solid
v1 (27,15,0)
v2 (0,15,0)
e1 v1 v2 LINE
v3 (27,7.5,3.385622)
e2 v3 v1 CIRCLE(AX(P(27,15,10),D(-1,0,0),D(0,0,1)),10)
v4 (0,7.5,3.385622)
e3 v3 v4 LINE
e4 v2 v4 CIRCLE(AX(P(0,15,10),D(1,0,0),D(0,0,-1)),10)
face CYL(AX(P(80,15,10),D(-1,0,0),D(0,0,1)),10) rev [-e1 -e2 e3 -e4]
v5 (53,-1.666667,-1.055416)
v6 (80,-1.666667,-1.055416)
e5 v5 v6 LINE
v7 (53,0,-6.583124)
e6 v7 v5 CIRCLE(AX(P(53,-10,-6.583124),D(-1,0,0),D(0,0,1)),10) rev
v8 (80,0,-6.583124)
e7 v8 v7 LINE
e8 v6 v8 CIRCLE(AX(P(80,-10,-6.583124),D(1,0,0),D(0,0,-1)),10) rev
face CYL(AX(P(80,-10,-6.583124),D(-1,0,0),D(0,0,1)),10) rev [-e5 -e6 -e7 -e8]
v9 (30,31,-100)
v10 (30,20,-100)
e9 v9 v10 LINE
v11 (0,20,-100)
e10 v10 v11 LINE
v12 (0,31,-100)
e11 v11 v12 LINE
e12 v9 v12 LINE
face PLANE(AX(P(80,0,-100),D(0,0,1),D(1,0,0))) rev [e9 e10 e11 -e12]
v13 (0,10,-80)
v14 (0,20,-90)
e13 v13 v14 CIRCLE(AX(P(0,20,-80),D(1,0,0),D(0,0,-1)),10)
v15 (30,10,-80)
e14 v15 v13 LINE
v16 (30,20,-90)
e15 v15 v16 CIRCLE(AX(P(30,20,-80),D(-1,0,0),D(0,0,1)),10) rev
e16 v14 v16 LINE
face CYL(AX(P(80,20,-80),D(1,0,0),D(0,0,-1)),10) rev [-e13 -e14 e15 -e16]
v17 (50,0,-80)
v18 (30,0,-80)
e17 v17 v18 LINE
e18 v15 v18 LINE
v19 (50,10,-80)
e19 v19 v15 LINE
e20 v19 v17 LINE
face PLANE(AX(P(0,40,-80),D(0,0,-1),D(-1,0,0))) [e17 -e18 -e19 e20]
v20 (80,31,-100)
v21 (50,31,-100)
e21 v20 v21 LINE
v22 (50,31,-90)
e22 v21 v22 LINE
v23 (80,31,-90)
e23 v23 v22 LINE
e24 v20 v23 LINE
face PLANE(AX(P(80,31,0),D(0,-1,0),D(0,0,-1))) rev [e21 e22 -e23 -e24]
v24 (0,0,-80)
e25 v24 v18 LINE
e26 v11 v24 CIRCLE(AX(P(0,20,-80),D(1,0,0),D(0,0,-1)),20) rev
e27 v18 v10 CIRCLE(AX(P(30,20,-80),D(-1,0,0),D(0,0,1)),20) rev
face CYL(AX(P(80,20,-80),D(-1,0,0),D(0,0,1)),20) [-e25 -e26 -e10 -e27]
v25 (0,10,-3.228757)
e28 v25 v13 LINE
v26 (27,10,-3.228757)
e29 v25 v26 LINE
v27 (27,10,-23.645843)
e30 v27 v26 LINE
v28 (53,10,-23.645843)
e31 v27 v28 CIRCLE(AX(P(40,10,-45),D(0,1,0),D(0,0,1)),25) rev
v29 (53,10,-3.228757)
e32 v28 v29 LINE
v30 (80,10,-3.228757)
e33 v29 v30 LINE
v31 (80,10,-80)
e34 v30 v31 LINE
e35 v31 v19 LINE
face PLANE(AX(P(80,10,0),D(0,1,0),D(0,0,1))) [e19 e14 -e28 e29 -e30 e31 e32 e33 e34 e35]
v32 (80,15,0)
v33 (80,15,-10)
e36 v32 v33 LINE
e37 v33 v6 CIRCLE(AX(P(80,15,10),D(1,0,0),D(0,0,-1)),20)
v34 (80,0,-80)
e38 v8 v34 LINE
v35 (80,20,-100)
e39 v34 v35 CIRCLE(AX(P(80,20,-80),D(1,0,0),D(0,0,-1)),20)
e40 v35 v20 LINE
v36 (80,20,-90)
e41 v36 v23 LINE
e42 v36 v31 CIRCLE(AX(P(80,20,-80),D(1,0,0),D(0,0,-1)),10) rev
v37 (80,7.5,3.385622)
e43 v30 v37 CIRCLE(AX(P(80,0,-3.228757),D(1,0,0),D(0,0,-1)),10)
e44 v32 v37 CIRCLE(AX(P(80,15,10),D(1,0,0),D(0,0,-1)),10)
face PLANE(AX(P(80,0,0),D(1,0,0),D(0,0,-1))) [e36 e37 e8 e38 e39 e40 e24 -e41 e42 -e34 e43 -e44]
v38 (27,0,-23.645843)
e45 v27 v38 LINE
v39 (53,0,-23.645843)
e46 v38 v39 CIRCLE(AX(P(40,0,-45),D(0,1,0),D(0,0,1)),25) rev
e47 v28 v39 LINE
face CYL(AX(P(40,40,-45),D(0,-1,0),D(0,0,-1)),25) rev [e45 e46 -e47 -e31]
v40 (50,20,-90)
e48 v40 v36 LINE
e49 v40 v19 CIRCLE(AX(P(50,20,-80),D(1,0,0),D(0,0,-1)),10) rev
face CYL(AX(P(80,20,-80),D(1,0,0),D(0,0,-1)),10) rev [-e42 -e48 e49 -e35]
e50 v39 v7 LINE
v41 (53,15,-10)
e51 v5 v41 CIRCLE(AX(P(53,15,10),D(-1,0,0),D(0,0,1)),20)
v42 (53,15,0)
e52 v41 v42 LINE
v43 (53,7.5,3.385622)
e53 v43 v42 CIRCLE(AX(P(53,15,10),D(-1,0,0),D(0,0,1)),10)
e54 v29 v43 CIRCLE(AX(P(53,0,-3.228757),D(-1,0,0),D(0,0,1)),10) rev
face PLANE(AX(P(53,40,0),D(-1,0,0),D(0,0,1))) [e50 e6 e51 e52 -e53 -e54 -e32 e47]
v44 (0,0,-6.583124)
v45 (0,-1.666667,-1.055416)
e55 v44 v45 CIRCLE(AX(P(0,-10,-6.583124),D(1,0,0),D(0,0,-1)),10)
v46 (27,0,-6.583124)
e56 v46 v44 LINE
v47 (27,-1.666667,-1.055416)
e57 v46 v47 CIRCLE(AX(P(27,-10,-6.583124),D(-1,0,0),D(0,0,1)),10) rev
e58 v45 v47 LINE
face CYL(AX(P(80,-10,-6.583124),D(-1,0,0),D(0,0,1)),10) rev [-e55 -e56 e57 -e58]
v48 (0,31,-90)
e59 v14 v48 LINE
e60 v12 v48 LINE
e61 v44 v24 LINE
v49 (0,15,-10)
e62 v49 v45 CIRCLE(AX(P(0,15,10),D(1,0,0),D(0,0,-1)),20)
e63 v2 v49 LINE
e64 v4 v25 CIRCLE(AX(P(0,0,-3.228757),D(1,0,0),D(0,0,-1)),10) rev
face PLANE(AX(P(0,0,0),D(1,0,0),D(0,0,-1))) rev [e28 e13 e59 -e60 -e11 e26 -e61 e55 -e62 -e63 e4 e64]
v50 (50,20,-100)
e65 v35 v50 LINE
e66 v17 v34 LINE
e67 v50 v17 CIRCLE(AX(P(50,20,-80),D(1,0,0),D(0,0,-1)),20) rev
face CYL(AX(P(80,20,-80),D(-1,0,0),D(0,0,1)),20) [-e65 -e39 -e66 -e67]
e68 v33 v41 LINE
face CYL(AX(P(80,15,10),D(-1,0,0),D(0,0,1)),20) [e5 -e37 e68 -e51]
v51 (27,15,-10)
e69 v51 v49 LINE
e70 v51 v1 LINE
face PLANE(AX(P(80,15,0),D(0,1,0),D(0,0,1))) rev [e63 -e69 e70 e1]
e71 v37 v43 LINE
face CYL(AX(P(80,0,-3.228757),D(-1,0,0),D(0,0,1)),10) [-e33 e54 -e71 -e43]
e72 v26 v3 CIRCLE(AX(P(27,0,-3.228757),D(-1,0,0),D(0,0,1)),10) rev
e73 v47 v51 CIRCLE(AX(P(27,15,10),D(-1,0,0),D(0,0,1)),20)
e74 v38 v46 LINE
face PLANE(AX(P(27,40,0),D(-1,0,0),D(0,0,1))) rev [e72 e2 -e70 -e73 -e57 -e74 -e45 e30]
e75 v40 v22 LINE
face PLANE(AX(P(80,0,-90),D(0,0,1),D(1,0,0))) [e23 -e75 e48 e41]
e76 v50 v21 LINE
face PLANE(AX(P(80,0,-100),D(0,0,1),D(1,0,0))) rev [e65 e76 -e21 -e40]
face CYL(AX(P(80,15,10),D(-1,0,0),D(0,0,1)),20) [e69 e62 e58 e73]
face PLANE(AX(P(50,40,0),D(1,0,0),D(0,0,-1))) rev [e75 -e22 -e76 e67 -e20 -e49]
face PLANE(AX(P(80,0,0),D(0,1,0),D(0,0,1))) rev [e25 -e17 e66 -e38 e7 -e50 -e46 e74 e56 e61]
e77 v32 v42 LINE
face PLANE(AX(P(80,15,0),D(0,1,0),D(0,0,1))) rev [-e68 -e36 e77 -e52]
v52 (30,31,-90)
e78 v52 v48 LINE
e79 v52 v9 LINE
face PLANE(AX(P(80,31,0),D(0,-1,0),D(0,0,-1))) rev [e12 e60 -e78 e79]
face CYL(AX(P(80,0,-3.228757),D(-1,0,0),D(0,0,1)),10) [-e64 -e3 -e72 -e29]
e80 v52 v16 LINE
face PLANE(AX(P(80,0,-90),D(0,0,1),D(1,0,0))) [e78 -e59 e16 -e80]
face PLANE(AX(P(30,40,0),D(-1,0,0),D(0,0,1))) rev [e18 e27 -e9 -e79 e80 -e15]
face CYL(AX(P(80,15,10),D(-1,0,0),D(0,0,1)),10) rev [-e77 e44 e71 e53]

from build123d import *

# Parameters (mm, degrees)
BOSS_EXTRUDE7_DEPTH = 80
FILLET1_R           = 10
FILLET2_R           = 10
SKETCH3_W           = 20
SKETCH3_H           = 28.966426772
CUT_EXTRUDE1_DEPTH  = 40
FILLET4_R           = 20


with BuildPart() as part:
    # Sketch2 → Boss-Extrude7 (new body)
    with BuildSketch(Plane(origin=(0, 0, 0), x_dir=(0, 0, -1), z_dir=(1, 0, 0))):
        with BuildLine():
            ThreePointArc((-1.339745962, 10), (-19.659258263, 17.588190451), (0, 15))
            Line((0, 15), (10, 15))
            ThreePointArc((10, 15), (-28.228756555, 23.228756555), (3.228756555, 0))
            Line((3.228756555, 0), (90, 0))
            Line((90, 0), (100, 0))
            Line((100, 0), (100, 10))
            Line((100, 10), (100, 31))
            Line((100, 31), (90, 31))
            Line((90, 31), (90, 10))
            Line((90, 10), (20, 10))
            Line((20, 10), (10, 10))
            Line((10, 10), (-1.339745962, 10))
        make_face()
    extrude(amount=BOSS_EXTRUDE7_DEPTH)

    # Fillet1
    fillet1_edges = [part.edges().sort_by_distance(p)[0] for p in [
        (40, 10, -90),
    ]]
    fillet(fillet1_edges, radius=FILLET1_R)

    # Fillet2
    fillet2_edges = [part.edges().sort_by_distance(p)[0] for p in [
        (40, 10, 1.339745962),
        (40, 0, -3.228756555),
    ]]
    fillet(fillet2_edges, radius=FILLET2_R)

    # Sketch3 → Cut-Extrude1 (cut, symmetric)
    with BuildSketch(Plane(origin=(0, 0, 0), x_dir=(1, 0, 0), z_dir=(0, 1, 0))):
        with BuildLine():
            Line((53, 10), (53, 23.645843496))
            ThreePointArc((53, 23.645843496), (40, 70), (27, 23.645843496))
            Line((27, 23.645843496), (27, 10))
            Line((27, 10), (27, -31.662975448))
            Line((27, -31.662975448), (53, -31.662975448))
            Line((53, -31.662975448), (53, 10))
        make_face()
        with Locations((40, 94.483213386)):
            Rectangle(SKETCH3_W, SKETCH3_H)
    extrude(amount=CUT_EXTRUDE1_DEPTH, both=True, mode=Mode.SUBTRACT)

    # Fillet4
    fillet4_edges = [part.edges().sort_by_distance(p)[0] for p in [
        (15, 0, -100),
        (65, 0, -100),
    ]]
    fillet(fillet4_edges, radius=FILLET4_R)


solid = part.part
